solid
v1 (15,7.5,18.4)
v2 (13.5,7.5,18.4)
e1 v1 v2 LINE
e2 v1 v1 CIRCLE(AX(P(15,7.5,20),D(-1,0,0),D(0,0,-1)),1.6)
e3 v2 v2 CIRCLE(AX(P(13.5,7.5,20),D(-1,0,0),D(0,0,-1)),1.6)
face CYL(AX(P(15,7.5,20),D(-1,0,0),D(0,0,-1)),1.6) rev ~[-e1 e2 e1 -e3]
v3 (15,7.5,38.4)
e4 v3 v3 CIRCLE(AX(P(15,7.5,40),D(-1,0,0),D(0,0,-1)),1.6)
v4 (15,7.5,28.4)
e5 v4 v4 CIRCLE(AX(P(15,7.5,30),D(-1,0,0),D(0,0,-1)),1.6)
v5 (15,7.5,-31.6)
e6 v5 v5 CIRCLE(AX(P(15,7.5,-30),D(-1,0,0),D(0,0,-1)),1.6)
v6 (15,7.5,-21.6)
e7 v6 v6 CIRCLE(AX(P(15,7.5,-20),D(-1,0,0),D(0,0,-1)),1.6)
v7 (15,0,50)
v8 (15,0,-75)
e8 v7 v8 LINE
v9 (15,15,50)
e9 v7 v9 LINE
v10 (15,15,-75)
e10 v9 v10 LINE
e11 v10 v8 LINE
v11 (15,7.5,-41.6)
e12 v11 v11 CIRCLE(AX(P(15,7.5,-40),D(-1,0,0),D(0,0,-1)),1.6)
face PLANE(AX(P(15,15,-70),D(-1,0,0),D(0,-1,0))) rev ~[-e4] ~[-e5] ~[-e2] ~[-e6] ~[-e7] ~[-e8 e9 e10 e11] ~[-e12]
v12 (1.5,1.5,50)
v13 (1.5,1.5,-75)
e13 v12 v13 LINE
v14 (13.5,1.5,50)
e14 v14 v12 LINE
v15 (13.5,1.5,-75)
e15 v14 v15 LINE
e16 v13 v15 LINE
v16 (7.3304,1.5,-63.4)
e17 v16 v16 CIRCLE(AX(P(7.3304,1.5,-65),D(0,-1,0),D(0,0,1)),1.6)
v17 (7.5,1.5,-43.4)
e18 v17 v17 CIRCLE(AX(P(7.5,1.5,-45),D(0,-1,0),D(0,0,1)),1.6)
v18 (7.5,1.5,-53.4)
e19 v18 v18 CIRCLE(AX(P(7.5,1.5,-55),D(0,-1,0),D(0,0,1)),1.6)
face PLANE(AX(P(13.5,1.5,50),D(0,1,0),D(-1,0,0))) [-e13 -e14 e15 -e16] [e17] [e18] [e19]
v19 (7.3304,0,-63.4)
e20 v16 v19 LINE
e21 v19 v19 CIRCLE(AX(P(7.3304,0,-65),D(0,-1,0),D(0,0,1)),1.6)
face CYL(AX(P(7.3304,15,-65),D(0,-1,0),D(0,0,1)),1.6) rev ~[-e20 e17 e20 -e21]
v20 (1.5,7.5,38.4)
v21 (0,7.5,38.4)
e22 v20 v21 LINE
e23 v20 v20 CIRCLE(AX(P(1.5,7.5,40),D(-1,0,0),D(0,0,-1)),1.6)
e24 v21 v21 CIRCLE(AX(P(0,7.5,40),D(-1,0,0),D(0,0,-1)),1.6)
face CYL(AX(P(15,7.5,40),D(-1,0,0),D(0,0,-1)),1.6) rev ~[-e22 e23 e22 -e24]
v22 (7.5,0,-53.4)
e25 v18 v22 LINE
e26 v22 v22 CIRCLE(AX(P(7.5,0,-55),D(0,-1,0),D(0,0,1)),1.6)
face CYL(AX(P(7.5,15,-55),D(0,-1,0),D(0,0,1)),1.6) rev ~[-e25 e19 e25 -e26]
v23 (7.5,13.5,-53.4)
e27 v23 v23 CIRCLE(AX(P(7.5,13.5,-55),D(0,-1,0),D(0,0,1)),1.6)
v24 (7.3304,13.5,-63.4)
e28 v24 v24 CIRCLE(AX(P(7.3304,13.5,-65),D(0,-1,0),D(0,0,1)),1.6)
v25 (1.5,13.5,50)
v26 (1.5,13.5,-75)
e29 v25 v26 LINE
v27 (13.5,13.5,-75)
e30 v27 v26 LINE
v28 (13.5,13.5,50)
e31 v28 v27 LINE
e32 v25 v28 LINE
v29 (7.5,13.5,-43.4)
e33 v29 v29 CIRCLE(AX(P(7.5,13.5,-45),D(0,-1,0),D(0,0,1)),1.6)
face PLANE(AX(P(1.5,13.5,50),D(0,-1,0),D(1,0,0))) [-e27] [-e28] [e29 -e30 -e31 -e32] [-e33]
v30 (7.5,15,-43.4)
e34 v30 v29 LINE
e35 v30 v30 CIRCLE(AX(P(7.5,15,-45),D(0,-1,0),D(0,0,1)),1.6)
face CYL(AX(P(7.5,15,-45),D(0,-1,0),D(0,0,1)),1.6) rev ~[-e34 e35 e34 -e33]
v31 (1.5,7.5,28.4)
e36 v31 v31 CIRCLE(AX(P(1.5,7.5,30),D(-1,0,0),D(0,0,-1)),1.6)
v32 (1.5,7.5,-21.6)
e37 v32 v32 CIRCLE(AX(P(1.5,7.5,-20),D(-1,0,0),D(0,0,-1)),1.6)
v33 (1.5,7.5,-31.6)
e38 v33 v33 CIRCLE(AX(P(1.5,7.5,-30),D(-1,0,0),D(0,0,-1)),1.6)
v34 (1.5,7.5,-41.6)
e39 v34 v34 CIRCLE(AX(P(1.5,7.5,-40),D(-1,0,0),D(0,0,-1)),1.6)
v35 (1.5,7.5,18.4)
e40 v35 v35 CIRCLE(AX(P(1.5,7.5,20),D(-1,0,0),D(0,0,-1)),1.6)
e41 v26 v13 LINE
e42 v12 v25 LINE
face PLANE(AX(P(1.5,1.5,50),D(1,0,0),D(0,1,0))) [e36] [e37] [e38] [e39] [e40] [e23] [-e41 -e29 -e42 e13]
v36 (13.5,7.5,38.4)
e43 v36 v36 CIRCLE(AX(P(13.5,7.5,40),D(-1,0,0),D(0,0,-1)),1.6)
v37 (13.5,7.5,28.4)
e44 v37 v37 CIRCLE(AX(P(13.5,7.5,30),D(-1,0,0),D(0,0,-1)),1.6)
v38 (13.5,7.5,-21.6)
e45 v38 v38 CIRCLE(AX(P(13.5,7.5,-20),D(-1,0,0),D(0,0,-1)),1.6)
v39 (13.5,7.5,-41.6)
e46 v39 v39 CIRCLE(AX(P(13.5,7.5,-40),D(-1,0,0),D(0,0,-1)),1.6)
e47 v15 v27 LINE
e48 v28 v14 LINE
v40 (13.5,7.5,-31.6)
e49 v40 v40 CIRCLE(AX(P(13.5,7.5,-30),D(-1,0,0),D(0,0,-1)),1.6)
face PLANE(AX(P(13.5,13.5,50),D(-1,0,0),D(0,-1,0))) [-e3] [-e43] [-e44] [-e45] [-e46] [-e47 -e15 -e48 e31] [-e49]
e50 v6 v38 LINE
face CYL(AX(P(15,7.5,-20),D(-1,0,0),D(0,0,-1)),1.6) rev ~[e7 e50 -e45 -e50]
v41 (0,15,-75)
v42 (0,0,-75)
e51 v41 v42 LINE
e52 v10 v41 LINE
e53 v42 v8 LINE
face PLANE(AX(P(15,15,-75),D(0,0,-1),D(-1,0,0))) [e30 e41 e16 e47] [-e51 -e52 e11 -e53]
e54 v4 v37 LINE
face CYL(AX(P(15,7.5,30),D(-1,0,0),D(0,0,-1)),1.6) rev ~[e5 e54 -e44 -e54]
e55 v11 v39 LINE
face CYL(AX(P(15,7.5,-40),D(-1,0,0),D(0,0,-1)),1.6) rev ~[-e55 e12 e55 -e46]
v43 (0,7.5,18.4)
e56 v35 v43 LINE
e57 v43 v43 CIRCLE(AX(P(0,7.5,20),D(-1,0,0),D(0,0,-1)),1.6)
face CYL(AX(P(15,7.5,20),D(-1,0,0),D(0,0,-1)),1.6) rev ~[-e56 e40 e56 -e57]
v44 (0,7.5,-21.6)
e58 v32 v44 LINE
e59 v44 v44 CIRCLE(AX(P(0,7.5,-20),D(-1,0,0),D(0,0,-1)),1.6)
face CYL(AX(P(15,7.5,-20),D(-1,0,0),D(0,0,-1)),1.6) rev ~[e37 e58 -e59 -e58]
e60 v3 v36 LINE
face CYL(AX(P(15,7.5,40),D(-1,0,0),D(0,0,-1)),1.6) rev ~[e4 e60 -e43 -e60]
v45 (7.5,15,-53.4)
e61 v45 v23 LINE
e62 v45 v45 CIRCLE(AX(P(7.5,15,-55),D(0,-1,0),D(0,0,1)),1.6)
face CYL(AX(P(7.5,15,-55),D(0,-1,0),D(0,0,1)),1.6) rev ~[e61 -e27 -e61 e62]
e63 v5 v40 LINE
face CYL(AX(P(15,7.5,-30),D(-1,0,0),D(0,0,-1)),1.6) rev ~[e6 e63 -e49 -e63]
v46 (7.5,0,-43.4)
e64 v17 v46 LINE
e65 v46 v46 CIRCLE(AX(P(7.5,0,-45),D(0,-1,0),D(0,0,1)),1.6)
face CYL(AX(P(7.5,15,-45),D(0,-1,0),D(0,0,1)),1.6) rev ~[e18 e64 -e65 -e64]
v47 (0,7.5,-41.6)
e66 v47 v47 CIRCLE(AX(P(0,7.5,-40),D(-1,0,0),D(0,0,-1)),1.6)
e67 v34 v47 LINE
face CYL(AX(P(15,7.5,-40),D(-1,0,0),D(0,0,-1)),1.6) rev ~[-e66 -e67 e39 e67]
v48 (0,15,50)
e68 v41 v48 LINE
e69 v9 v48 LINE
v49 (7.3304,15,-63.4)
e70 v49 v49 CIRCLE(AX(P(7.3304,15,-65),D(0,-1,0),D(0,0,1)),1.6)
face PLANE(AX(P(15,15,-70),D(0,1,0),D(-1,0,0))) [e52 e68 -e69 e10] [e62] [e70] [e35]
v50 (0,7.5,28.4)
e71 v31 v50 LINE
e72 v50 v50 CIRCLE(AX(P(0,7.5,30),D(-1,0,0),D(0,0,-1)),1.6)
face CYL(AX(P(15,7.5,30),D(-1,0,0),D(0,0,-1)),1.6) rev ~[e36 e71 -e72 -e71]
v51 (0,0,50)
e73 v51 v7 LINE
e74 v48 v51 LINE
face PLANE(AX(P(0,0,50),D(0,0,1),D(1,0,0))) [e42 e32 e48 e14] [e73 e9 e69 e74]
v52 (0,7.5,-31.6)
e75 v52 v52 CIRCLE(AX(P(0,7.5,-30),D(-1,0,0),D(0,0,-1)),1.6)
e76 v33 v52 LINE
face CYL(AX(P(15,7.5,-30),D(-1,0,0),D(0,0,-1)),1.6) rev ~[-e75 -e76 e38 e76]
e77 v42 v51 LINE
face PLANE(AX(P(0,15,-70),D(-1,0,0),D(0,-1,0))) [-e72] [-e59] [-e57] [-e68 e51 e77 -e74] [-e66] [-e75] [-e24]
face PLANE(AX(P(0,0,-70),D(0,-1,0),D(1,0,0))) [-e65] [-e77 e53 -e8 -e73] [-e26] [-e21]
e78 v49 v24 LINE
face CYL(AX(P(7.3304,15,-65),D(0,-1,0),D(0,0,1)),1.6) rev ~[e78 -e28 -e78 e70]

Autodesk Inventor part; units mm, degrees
ref_plane "YZ Plane" through (0, 0, 0) normal (1, 0, 0) x (0, 1, 0)
ref_plane "XZ Plane" through (0, 0, 0) normal (0, 1, 0) x (-1, 0, 0)
ref_plane "XY Plane" through (0, 0, 0) normal (0, 0, 1) x (1, 0, 0)
sketch "スケッチ1" plane through (0, 0, 0) normal (0, 0, 1) x (1, 0, 0)
  line L0 (0, 0) -> (15, 0)
  line L1 (15, 0) -> (15, 15)
  line L2 (15, 15) -> (0, 15)
  line L3 (0, 15) -> (0, 0)
  dimension "d0" = 15
  dimension "d1" = 15
extrude "押し出し1" add sketch "スケッチ1" along normal blind 50
sketch "スケッチ3" plane through (0, 0, 0) normal (0, 0, -1) x (-1, 0, 0)
  line L0 (0, 15) -> (0, 0) projected
  line L1 (0, 0) -> (-15, 0)
  line L2 (-15, 0) -> (-15, 15)
  line L3 (-15, 15) -> (0, 15)
  line L4 (0, 15) -> (0, 0)
  dimension "d21" = 15
  dimension "d22" = 15
extrude "押し出し2" add sketch "スケッチ3" along normal blind 135
sketch "スケッチ4" plane through (0, 15, 50) normal (0, 1, 0) x (1, 0, 0)
  line L0 (15, 0) -> (15, 185) projected
  line L1 (15, 185) -> (0, 185)
  line L2 (0, 185) -> (0, 105)
  line L3 (0, 105) -> (15, 105)
  line L4 (15, 105) -> (15, 185)
  point P0 (0, 50)
  dimension "d25" = 15
  dimension "d26" = 80
extrude "押し出し3" cut sketch "スケッチ4" against normal blind 135
sketch "スケッチ5" plane through (15, 15, -55) normal (0, 0, -1) x (-1, 0, 0)
  line L0 (15, 0) -> (15, -15) projected
  line L1 (0, -15) -> (0, 0) projected
  line L2 (15, -15) -> (0, -15)
  line L3 (0, -15) -> (0, 0)
  line L4 (0, 0) -> (15, 0)
  line L5 (15, 0) -> (15, -15)
extrude "押し出し4" add sketch "スケッチ5" along normal blind 15
sketch "スケッチ8" plane through (15, 0, 50) normal (1, 0, 0) x (0, 0, -1)
  line L0 (120, 15) -> (120, 0) projected
  line L1 (120, 15) -> (0, 15) projected
  point P0 (50, 0)
  point P1 (90, 7.5)
  point P2 (80, 7.5)
  point P3 (70, 7.5)
  dimension "d54" = 30
  dimension "d55" = 7.5
  dimension "d56" = 7.5
  dimension "d57" = 7.5
  dimension "d58" = 10
  dimension "d59" = 10
hole "穴4" at (15, 7.5, -40) at (15, 7.5, -30) at (15, 7.5, -20) direction (-1, 0, 0) diameter 3.2 end through all
sketch "スケッチ9" plane through (15, 0, 50) normal (1, 0, 0) x (0, 0, -1)
  line L0 (0, 0) -> (0, 15) projected
  line L1 (0, 0) -> (120, 0) projected
  point P0 (50, 0)
  point P1 (10, 7.5)
  point P2 (20, 7.5)
  dimension "d67" = 10
  dimension "d68" = 10
  dimension "d69" = 7.5
  dimension "d70" = 7.5
hole "穴5" at (15, 7.5, 40) at (15, 7.5, 30) direction (-1, 0, 0) diameter 3.2 end through all
sketch "スケッチ10" plane through (15, 0, 50) normal (1, 0, 0) x (0, 0, -1)
  point P0 (50, 0)
sketch "スケッチ11" plane through (15, 0, 50) normal (1, 0, 0) x (0, 0, -1)
  line L0 (0, 0) -> (0, 15) projected
  line L1 (0, 0) -> (120, 0) projected
  point P0 (50, 0)
  point P1 (30, 7.5)
  dimension "d78" = 30
  dimension "d79" = 7.5
hole "穴6" at (15, 7.5, 20) direction (-1, 0, 0) diameter 3.2 end through all
sketch "スケッチ12" plane through (15, 15, -70) normal (0, 0, -1) x (-1, 0, 0)
  line L0 (0, 0) -> (0, -15) projected
  line L1 (0, 0) -> (15, 0)
  line L2 (15, 0) -> (15, -15)
  line L3 (15, -15) -> (0, -15)
  line L4 (0, -15) -> (0, 0)
extrude "押し出し5" add sketch "スケッチ12" along normal blind 5
sketch "スケッチ13" plane through (0, 15, 50) normal (0, 1, 0) x (1, 0, 0)
  line L0 (0, 125) -> (15, 125) projected
  point P0 (0, 50)
  point P1 (7.3304, 115)
  point P2 (7.5, 105)
  point P3 (7.5, 95)
  dimension "d89" = 10
  dimension "d90" = 10
  dimension "d91" = 10
hole "穴7" at (7.5, 15, -45) at (7.5, 15, -55) at (7.3304, 15, -65) direction (0, -1, 0) diameter 3.2 end through all
sketch "スケッチ14" plane through (0, 0, 50) normal (0, 0, 1) x (1, 0, 0)
  line L0 (1.5, 13.5) -> (13.5, 13.5)
  line L1 (13.5, 13.5) -> (13.5, 1.5)
  line L2 (13.5, 1.5) -> (1.5, 1.5)
  line L3 (1.5, 1.5) -> (1.5, 13.5)
  line L4 (15, 15) -> (0, 15) projected
  line L5 (0, 15) -> (0, 0) projected
  dimension "d99" = 12
  dimension "d100" = 12
  dimension "d101" = 1.5
  dimension "d102" = 1.5
extrude "押し出し6" cut sketch "スケッチ14" against normal blind 500
properties part number "射出_角柱10" material "アルミニウム 6061"
